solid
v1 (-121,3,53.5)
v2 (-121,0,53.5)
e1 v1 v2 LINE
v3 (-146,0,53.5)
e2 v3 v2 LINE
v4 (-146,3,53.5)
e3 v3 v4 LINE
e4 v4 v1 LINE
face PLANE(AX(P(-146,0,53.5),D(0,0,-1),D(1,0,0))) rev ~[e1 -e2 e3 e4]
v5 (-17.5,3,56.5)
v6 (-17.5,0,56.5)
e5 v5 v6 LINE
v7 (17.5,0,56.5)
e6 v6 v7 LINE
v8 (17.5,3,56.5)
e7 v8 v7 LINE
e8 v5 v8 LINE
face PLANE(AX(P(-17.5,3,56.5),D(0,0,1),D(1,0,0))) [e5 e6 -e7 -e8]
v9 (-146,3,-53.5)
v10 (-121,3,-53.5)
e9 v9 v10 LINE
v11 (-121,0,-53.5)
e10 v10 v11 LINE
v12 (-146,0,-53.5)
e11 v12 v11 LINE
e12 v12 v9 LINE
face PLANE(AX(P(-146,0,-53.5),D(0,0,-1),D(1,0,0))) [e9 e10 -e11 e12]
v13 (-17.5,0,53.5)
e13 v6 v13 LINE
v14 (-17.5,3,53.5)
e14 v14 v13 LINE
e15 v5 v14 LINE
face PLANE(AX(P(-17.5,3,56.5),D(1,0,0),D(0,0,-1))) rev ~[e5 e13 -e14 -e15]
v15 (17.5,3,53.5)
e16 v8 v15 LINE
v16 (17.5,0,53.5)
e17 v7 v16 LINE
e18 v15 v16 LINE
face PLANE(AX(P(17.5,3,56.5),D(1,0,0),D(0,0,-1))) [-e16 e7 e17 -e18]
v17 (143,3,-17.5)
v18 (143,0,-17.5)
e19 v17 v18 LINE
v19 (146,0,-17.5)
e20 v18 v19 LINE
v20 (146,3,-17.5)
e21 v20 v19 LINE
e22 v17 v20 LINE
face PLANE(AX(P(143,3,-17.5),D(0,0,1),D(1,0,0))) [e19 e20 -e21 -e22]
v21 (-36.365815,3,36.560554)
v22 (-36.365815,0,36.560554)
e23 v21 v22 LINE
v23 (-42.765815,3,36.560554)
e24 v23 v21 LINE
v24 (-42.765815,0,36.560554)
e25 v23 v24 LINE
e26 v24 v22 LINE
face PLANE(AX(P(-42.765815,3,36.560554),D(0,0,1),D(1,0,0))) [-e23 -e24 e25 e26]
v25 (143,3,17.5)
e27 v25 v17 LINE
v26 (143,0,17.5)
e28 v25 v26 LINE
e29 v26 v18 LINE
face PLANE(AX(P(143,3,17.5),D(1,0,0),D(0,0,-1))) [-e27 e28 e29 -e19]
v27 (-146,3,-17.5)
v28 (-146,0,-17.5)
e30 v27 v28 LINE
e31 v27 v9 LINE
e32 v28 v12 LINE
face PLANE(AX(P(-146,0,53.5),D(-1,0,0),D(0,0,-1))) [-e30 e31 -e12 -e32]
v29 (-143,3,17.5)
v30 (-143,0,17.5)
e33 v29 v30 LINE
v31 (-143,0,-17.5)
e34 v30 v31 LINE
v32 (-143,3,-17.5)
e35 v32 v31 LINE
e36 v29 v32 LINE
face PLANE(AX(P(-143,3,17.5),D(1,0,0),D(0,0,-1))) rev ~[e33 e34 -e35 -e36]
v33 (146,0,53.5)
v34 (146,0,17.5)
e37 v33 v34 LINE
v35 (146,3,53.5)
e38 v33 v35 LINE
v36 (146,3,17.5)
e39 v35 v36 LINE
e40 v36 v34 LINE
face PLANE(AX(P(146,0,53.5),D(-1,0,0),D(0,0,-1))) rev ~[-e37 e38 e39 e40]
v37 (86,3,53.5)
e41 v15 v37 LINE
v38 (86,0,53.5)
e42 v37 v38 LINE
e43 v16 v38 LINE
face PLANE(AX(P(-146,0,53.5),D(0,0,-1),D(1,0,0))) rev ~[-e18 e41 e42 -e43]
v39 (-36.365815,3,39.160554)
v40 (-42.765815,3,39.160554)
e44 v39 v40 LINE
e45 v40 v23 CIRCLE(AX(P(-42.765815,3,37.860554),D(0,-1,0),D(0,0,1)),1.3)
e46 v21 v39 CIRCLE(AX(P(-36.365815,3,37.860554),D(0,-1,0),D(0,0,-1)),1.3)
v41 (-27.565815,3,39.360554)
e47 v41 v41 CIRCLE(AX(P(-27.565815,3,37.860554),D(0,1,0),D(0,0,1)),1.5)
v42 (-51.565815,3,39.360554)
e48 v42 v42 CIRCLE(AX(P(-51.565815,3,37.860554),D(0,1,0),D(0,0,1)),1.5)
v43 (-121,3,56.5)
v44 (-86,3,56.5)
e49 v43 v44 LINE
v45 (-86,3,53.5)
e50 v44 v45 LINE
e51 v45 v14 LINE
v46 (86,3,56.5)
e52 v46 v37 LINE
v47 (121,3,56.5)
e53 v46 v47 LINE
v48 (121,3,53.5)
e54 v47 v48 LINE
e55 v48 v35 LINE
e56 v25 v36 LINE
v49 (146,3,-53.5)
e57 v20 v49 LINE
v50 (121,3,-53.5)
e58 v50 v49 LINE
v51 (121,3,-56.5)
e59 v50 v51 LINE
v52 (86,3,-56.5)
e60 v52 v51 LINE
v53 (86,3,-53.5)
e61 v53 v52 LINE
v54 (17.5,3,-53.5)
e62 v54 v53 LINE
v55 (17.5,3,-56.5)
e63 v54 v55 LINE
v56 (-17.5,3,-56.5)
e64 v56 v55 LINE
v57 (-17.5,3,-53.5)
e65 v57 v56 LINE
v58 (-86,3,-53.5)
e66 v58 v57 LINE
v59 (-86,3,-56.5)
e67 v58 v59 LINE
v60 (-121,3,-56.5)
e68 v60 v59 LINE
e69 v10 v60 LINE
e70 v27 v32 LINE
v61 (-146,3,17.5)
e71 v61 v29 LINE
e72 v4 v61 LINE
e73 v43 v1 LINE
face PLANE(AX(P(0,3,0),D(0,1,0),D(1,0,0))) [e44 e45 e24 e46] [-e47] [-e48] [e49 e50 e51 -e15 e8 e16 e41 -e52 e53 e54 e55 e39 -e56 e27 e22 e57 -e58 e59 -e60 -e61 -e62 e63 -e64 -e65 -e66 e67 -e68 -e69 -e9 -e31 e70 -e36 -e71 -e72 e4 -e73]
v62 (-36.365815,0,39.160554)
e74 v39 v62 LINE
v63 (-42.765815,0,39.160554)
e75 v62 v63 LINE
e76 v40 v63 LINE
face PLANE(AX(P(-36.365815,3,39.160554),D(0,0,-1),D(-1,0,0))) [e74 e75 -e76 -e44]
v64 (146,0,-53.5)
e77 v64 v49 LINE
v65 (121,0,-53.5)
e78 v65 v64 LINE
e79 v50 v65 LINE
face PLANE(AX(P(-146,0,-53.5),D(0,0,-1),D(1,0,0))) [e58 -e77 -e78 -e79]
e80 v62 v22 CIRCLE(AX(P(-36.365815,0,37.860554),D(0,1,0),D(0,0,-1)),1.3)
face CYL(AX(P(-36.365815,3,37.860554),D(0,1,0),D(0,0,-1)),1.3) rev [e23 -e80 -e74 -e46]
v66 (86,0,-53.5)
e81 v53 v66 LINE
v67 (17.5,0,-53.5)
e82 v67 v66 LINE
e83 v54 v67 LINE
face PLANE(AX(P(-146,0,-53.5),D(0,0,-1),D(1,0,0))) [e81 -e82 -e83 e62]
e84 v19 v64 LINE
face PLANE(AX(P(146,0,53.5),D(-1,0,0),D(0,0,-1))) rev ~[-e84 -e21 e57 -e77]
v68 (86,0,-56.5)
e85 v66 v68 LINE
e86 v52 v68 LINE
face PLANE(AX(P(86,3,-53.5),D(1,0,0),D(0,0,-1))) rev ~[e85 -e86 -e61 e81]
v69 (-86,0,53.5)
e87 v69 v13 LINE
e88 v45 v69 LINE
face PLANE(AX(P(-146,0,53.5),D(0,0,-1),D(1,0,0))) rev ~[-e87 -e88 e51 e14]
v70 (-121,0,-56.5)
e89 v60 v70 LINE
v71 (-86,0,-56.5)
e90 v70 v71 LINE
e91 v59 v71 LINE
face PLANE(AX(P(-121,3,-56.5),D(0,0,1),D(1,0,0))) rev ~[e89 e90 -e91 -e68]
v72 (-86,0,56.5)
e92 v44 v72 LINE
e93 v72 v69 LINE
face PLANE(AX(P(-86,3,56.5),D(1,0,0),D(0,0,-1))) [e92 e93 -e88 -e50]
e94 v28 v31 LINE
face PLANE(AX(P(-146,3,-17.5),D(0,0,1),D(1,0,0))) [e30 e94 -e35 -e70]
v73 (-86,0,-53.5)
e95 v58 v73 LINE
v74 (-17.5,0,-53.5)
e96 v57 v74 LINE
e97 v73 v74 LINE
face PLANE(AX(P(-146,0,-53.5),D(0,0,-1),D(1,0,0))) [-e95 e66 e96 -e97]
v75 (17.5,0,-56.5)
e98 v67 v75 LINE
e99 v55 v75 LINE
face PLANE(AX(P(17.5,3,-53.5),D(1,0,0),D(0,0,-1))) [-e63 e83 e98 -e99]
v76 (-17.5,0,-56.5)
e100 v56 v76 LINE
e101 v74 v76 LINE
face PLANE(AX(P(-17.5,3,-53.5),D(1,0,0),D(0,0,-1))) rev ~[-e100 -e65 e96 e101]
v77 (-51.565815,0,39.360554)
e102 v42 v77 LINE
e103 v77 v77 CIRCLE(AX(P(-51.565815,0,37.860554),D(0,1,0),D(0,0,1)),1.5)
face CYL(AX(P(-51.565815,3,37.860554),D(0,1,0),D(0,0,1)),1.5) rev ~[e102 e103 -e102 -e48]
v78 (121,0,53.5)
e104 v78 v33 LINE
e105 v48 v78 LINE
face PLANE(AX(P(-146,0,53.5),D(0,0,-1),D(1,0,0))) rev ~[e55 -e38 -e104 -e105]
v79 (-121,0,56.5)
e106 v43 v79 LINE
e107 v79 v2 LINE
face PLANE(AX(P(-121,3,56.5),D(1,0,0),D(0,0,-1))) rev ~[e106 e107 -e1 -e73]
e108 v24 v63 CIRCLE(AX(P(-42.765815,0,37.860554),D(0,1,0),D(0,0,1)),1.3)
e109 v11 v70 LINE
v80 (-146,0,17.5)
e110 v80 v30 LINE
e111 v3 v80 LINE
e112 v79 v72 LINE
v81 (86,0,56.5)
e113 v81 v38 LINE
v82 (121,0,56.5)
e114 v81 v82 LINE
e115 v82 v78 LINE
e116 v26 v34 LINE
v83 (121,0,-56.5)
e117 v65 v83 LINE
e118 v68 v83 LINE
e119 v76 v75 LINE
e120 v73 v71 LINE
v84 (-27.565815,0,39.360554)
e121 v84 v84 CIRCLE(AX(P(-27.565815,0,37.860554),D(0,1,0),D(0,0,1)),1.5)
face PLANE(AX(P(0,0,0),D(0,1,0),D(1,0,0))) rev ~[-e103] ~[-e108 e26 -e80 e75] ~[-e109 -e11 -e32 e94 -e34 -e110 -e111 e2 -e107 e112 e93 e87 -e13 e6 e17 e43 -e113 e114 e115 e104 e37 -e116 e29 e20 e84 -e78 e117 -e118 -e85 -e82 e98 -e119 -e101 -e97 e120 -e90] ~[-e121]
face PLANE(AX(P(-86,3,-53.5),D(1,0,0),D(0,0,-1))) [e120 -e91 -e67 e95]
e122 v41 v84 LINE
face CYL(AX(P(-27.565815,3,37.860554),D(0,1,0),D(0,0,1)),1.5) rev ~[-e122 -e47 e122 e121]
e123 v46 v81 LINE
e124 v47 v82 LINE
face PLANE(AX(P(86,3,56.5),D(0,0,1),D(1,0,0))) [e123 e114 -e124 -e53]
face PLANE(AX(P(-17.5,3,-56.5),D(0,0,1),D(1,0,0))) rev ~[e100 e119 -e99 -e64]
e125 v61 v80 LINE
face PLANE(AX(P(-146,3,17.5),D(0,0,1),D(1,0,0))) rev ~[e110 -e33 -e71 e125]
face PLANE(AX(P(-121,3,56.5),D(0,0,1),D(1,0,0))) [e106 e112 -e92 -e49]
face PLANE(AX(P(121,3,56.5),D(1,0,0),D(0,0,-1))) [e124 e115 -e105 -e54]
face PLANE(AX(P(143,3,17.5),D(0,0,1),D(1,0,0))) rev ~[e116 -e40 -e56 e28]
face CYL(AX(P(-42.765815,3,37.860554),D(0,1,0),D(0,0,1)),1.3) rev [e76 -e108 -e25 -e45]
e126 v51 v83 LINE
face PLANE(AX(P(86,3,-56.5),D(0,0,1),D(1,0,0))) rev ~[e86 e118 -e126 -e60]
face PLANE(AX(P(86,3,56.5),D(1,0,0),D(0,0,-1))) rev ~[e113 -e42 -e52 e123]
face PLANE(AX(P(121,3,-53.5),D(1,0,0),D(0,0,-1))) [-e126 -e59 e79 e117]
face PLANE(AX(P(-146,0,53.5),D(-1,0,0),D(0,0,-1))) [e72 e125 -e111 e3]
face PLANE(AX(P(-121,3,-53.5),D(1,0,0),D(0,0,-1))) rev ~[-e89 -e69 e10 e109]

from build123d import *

# Parameters (mm, degrees)
SKETCH1_W           = 292
SKETCH1_H           = 107
BOSS_EXTRUDE1_DEPTH = 3
SKETCH8_W           = 3
SKETCH8_H           = 35
CUT_EXTRUDE7_DEPTH  = 3
SKETCH7_W           = 35
SKETCH7_H           = 3
BOSS_EXTRUDE2_DEPTH = 3
SKETCH4_W           = 35
SKETCH4_H           = 3
BOSS_EXTRUDE3_DEPTH = 3
SKETCH9_R           = 1.5
CUT_EXTRUDE8_DEPTH  = 10


with BuildPart() as part:
    # Sketch1 → Boss-Extrude1 (new body)
    with BuildSketch(Plane(origin=(0, 0, 0), x_dir=(1, 0, 0), z_dir=(0, 1, 0))):
        Rectangle(SKETCH1_W, SKETCH1_H)
    extrude(amount=BOSS_EXTRUDE1_DEPTH)

    # Sketch8 → Cut-Extrude7 (cut)
    with BuildSketch(Plane(origin=(0, 3, 0), x_dir=(1, 0, 0), z_dir=(0, 1, 0))):
        with Locations((144.5, 0)):
            Rectangle(SKETCH8_W, SKETCH8_H)
        with Locations((-144.5, 0)):
            Rectangle(SKETCH8_W, SKETCH8_H)
    extrude(amount=-CUT_EXTRUDE7_DEPTH, mode=Mode.SUBTRACT)

    # Sketch7 → Boss-Extrude2 (add)
    with BuildSketch(Plane(origin=(0, 3, 0), x_dir=(1, 0, 0), z_dir=(0, 1, 0))):
        with Locations((0, -55)):
            Rectangle(SKETCH7_W, SKETCH7_H)
        with Locations((0, 55)):
            Rectangle(SKETCH7_W, SKETCH7_H)
    extrude(amount=-BOSS_EXTRUDE2_DEPTH)

    # Sketch4 → Boss-Extrude3 (add)
    with BuildSketch(Plane(origin=(0, 3, 0), x_dir=(1, 0, 0), z_dir=(0, 1, 0))):
        with Locations((-103.5, -55)):
            Rectangle(SKETCH4_W, SKETCH4_H)
        with Locations((-103.5, 55)):
            Rectangle(SKETCH4_W, SKETCH4_H)
        with Locations((103.5, 55)):
            Rectangle(SKETCH4_W, SKETCH4_H)
        with Locations((103.5, -55)):
            Rectangle(SKETCH4_W, SKETCH4_H)
    extrude(amount=-BOSS_EXTRUDE3_DEPTH)

    # Sketch9 → Cut-Extrude8 (cut)
    with BuildSketch(Plane(origin=(0, 3, 0), x_dir=(1, 0, 0), z_dir=(0, 1, 0))):
        with Locations(Location((-27.565814615, -37.860553904, 0), (0, 0, 270))):
            Circle(SKETCH9_R)
        with Locations(Location((-51.565814615, -37.860553904, 0), (0, 0, 270))):
            Circle(SKETCH9_R)
        with BuildLine():
            Line((-42.765814615, -36.560553904), (-36.365814615, -36.560553904))
            ThreePointArc((-36.365814615, -36.560553904), (-35.065814615, -37.860553904), (-36.365814615, -39.160553904))
            Line((-36.365814615, -39.160553904), (-42.765814615, -39.160553904))
            ThreePointArc((-42.765814615, -39.160553904), (-44.065814615, -37.860553904), (-42.765814615, -36.560553904))
        make_face()
    extrude(amount=-CUT_EXTRUDE8_DEPTH, mode=Mode.SUBTRACT)


solid = part.part
